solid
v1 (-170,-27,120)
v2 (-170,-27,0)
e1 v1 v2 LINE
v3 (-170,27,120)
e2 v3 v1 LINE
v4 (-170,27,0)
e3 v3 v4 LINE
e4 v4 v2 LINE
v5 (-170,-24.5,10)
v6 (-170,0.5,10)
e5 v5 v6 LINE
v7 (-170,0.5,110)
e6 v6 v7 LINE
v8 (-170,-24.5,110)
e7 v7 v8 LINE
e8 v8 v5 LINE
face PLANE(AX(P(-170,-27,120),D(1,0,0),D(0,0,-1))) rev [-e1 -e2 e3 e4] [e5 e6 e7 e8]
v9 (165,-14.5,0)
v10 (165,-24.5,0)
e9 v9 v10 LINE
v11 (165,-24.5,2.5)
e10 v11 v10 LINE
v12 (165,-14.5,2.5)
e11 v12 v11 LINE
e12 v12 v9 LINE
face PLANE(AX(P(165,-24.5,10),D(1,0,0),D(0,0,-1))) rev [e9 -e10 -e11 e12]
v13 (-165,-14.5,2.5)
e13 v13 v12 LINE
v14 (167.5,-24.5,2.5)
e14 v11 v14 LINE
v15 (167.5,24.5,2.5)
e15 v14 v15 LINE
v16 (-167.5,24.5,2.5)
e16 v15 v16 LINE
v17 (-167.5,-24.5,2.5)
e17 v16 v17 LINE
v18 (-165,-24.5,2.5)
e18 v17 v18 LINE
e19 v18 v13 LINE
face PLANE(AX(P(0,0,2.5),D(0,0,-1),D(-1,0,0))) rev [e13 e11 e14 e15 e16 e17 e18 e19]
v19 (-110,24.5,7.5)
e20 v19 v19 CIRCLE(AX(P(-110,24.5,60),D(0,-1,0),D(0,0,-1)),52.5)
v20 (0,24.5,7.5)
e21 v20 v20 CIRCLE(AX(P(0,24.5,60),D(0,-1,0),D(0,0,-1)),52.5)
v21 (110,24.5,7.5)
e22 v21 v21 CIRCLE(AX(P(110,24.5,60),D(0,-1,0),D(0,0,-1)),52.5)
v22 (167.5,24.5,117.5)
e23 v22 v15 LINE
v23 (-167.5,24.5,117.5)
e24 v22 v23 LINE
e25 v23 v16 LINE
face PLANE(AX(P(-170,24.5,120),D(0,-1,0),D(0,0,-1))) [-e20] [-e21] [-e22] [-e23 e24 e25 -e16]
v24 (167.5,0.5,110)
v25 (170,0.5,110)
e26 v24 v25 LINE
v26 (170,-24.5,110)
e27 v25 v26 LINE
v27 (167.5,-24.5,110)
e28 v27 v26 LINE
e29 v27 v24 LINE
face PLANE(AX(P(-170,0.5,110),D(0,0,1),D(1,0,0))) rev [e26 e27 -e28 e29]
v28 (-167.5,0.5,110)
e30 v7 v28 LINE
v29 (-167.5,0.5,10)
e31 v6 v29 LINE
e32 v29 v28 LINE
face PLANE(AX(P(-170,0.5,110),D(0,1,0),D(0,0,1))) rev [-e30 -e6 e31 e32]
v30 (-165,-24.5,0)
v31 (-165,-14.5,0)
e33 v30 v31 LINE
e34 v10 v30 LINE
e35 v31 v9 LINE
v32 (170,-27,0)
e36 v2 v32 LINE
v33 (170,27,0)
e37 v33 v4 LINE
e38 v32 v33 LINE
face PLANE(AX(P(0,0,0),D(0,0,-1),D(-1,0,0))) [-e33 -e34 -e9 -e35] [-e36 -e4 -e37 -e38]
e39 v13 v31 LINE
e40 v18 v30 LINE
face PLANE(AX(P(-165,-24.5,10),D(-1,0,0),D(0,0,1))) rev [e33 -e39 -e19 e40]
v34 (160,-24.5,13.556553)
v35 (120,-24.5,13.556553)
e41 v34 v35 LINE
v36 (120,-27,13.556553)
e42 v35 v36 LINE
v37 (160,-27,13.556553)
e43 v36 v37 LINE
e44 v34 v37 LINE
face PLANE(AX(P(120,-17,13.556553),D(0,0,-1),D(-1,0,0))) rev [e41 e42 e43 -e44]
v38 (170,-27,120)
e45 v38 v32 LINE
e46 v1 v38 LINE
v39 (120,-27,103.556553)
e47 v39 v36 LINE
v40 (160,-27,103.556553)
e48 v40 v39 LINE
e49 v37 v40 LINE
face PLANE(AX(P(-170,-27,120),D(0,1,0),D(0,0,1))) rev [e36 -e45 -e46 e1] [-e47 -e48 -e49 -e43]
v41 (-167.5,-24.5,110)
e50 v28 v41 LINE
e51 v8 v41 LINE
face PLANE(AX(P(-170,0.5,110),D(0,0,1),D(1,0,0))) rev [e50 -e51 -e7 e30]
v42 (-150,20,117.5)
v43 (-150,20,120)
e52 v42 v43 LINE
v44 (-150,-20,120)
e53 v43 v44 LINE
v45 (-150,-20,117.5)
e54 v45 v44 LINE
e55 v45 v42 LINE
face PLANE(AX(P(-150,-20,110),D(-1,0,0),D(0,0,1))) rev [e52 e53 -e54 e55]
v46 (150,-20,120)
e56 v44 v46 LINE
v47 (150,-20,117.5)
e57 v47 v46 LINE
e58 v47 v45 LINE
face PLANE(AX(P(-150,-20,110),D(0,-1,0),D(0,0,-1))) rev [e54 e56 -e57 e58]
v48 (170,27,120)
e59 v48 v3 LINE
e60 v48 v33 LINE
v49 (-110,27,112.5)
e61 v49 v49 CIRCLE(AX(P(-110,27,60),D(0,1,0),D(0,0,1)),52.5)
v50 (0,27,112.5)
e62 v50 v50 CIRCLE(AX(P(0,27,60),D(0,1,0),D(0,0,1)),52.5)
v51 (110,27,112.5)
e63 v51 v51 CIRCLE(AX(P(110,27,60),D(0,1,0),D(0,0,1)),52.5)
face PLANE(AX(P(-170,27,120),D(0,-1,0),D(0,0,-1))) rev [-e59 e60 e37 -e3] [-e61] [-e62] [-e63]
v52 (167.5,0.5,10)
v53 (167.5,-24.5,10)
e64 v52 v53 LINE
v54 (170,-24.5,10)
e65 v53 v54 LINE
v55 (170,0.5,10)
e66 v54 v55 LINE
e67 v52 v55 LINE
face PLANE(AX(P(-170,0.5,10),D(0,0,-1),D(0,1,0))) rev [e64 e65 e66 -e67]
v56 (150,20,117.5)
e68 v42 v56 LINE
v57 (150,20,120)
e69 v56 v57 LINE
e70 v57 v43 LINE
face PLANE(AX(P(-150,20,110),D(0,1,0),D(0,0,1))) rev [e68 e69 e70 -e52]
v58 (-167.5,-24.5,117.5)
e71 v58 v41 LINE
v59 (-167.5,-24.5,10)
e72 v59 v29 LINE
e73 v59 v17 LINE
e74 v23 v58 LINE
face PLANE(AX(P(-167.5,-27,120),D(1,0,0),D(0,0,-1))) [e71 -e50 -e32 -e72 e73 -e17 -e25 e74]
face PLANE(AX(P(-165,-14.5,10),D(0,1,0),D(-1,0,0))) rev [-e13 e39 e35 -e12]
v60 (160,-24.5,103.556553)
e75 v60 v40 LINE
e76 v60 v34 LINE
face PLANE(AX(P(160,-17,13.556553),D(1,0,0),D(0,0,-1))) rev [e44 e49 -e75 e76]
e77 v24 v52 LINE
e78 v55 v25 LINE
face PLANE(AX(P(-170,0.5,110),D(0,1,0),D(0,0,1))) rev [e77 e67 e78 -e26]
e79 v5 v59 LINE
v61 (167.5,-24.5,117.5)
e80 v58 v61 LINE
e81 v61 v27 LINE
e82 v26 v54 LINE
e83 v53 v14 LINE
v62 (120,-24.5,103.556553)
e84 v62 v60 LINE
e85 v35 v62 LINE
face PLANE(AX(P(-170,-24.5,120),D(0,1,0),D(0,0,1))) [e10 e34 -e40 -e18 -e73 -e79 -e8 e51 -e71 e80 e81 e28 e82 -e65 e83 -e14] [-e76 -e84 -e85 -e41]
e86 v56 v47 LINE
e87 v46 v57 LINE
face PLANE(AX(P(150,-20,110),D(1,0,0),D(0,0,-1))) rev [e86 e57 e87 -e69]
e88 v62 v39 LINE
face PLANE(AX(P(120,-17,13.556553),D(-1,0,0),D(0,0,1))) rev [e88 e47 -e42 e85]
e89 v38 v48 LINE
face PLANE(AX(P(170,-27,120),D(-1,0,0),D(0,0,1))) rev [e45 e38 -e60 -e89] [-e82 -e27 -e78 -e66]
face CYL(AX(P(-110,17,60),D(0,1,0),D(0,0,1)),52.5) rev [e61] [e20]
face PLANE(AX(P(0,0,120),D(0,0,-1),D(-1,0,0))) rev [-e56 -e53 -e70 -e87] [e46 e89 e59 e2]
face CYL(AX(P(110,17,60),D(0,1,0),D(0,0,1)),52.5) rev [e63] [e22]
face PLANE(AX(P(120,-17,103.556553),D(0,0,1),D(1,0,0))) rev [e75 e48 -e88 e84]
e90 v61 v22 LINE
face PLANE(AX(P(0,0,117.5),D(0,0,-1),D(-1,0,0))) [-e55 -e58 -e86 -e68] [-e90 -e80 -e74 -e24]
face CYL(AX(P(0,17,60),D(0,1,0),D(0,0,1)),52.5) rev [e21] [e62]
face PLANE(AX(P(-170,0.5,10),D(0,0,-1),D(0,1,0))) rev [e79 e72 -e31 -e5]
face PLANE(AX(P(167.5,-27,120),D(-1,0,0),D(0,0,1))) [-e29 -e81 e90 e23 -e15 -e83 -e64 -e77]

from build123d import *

# Parameters (mm, degrees)
SKETCH1_W           = 340
SKETCH1_H           = 54
BOSS_EXTRUDE1_DEPTH = 120
SHELL1_T            = 2.5
SKETCH2_R           = 52.5
CUT_EXTRUDE1_DEPTH  = 10
SKETCH3_W           = 300
SKETCH3_H           = 40
CUT_EXTRUDE2_DEPTH  = 10
SKETCH4_W           = 100
SKETCH4_H           = 25
CUT_EXTRUDE3_DEPTH  = 341
SKETCH5_W           = 40
SKETCH5_H           = 90
CUT_EXTRUDE4_DEPTH  = 10
SKETCH6_W           = 330
SKETCH6_H           = 10
CUT_EXTRUDE5_DEPTH  = 10


with BuildPart() as part:
    # Sketch1 → Boss-Extrude1 (new body)
    with BuildSketch(Plane.XY):
        Rectangle(SKETCH1_W, SKETCH1_H)
    extrude(amount=BOSS_EXTRUDE1_DEPTH)

    # Shell1 (no face opened: a closed hollow body)
    add(offset(amount=-SHELL1_T, mode=Mode.PRIVATE), mode=Mode.SUBTRACT)

    # Sketch2 → Cut-Extrude1 (cut)
    with BuildSketch(Plane(origin=(0, 27, 0), x_dir=(1, 0, 0), z_dir=(0, 1, 0))):
        with Locations((-110, -60)):
            Circle(SKETCH2_R)
        with Locations((0, -60)):
            Circle(SKETCH2_R)
        with Locations((110, -60)):
            Circle(SKETCH2_R)
    extrude(amount=-CUT_EXTRUDE1_DEPTH, mode=Mode.SUBTRACT)

    # Sketch3 → Cut-Extrude2 (cut)
    with BuildSketch(Plane.XY.offset(120)):
        Rectangle(SKETCH3_W, SKETCH3_H)
    extrude(amount=-CUT_EXTRUDE2_DEPTH, mode=Mode.SUBTRACT)

    # Sketch4 → Cut-Extrude3 (cut, through all)
    with BuildSketch(Plane(origin=(170, 0, 0), x_dir=(0, 0, -1), z_dir=(1, 0, 0))):
        with Locations((-60, -12)):
            Rectangle(SKETCH4_W, SKETCH4_H)
    extrude(amount=-CUT_EXTRUDE3_DEPTH, mode=Mode.SUBTRACT)

    # Sketch5 → Cut-Extrude4 (cut)
    with BuildSketch(Plane.XZ.offset(27)):
        with Locations((140, 58.55655344)):
            Rectangle(SKETCH5_W, SKETCH5_H)
    extrude(amount=-CUT_EXTRUDE4_DEPTH, mode=Mode.SUBTRACT)

    # Sketch6 → Cut-Extrude5 (cut)
    with BuildSketch(Plane(origin=(0, 0, 0), x_dir=(-1, 0, 0), z_dir=(0, 0, -1))):
        with Locations((0, -19.5)):
            Rectangle(SKETCH6_W, SKETCH6_H)
    extrude(amount=-CUT_EXTRUDE5_DEPTH, mode=Mode.SUBTRACT)


solid = part.part
